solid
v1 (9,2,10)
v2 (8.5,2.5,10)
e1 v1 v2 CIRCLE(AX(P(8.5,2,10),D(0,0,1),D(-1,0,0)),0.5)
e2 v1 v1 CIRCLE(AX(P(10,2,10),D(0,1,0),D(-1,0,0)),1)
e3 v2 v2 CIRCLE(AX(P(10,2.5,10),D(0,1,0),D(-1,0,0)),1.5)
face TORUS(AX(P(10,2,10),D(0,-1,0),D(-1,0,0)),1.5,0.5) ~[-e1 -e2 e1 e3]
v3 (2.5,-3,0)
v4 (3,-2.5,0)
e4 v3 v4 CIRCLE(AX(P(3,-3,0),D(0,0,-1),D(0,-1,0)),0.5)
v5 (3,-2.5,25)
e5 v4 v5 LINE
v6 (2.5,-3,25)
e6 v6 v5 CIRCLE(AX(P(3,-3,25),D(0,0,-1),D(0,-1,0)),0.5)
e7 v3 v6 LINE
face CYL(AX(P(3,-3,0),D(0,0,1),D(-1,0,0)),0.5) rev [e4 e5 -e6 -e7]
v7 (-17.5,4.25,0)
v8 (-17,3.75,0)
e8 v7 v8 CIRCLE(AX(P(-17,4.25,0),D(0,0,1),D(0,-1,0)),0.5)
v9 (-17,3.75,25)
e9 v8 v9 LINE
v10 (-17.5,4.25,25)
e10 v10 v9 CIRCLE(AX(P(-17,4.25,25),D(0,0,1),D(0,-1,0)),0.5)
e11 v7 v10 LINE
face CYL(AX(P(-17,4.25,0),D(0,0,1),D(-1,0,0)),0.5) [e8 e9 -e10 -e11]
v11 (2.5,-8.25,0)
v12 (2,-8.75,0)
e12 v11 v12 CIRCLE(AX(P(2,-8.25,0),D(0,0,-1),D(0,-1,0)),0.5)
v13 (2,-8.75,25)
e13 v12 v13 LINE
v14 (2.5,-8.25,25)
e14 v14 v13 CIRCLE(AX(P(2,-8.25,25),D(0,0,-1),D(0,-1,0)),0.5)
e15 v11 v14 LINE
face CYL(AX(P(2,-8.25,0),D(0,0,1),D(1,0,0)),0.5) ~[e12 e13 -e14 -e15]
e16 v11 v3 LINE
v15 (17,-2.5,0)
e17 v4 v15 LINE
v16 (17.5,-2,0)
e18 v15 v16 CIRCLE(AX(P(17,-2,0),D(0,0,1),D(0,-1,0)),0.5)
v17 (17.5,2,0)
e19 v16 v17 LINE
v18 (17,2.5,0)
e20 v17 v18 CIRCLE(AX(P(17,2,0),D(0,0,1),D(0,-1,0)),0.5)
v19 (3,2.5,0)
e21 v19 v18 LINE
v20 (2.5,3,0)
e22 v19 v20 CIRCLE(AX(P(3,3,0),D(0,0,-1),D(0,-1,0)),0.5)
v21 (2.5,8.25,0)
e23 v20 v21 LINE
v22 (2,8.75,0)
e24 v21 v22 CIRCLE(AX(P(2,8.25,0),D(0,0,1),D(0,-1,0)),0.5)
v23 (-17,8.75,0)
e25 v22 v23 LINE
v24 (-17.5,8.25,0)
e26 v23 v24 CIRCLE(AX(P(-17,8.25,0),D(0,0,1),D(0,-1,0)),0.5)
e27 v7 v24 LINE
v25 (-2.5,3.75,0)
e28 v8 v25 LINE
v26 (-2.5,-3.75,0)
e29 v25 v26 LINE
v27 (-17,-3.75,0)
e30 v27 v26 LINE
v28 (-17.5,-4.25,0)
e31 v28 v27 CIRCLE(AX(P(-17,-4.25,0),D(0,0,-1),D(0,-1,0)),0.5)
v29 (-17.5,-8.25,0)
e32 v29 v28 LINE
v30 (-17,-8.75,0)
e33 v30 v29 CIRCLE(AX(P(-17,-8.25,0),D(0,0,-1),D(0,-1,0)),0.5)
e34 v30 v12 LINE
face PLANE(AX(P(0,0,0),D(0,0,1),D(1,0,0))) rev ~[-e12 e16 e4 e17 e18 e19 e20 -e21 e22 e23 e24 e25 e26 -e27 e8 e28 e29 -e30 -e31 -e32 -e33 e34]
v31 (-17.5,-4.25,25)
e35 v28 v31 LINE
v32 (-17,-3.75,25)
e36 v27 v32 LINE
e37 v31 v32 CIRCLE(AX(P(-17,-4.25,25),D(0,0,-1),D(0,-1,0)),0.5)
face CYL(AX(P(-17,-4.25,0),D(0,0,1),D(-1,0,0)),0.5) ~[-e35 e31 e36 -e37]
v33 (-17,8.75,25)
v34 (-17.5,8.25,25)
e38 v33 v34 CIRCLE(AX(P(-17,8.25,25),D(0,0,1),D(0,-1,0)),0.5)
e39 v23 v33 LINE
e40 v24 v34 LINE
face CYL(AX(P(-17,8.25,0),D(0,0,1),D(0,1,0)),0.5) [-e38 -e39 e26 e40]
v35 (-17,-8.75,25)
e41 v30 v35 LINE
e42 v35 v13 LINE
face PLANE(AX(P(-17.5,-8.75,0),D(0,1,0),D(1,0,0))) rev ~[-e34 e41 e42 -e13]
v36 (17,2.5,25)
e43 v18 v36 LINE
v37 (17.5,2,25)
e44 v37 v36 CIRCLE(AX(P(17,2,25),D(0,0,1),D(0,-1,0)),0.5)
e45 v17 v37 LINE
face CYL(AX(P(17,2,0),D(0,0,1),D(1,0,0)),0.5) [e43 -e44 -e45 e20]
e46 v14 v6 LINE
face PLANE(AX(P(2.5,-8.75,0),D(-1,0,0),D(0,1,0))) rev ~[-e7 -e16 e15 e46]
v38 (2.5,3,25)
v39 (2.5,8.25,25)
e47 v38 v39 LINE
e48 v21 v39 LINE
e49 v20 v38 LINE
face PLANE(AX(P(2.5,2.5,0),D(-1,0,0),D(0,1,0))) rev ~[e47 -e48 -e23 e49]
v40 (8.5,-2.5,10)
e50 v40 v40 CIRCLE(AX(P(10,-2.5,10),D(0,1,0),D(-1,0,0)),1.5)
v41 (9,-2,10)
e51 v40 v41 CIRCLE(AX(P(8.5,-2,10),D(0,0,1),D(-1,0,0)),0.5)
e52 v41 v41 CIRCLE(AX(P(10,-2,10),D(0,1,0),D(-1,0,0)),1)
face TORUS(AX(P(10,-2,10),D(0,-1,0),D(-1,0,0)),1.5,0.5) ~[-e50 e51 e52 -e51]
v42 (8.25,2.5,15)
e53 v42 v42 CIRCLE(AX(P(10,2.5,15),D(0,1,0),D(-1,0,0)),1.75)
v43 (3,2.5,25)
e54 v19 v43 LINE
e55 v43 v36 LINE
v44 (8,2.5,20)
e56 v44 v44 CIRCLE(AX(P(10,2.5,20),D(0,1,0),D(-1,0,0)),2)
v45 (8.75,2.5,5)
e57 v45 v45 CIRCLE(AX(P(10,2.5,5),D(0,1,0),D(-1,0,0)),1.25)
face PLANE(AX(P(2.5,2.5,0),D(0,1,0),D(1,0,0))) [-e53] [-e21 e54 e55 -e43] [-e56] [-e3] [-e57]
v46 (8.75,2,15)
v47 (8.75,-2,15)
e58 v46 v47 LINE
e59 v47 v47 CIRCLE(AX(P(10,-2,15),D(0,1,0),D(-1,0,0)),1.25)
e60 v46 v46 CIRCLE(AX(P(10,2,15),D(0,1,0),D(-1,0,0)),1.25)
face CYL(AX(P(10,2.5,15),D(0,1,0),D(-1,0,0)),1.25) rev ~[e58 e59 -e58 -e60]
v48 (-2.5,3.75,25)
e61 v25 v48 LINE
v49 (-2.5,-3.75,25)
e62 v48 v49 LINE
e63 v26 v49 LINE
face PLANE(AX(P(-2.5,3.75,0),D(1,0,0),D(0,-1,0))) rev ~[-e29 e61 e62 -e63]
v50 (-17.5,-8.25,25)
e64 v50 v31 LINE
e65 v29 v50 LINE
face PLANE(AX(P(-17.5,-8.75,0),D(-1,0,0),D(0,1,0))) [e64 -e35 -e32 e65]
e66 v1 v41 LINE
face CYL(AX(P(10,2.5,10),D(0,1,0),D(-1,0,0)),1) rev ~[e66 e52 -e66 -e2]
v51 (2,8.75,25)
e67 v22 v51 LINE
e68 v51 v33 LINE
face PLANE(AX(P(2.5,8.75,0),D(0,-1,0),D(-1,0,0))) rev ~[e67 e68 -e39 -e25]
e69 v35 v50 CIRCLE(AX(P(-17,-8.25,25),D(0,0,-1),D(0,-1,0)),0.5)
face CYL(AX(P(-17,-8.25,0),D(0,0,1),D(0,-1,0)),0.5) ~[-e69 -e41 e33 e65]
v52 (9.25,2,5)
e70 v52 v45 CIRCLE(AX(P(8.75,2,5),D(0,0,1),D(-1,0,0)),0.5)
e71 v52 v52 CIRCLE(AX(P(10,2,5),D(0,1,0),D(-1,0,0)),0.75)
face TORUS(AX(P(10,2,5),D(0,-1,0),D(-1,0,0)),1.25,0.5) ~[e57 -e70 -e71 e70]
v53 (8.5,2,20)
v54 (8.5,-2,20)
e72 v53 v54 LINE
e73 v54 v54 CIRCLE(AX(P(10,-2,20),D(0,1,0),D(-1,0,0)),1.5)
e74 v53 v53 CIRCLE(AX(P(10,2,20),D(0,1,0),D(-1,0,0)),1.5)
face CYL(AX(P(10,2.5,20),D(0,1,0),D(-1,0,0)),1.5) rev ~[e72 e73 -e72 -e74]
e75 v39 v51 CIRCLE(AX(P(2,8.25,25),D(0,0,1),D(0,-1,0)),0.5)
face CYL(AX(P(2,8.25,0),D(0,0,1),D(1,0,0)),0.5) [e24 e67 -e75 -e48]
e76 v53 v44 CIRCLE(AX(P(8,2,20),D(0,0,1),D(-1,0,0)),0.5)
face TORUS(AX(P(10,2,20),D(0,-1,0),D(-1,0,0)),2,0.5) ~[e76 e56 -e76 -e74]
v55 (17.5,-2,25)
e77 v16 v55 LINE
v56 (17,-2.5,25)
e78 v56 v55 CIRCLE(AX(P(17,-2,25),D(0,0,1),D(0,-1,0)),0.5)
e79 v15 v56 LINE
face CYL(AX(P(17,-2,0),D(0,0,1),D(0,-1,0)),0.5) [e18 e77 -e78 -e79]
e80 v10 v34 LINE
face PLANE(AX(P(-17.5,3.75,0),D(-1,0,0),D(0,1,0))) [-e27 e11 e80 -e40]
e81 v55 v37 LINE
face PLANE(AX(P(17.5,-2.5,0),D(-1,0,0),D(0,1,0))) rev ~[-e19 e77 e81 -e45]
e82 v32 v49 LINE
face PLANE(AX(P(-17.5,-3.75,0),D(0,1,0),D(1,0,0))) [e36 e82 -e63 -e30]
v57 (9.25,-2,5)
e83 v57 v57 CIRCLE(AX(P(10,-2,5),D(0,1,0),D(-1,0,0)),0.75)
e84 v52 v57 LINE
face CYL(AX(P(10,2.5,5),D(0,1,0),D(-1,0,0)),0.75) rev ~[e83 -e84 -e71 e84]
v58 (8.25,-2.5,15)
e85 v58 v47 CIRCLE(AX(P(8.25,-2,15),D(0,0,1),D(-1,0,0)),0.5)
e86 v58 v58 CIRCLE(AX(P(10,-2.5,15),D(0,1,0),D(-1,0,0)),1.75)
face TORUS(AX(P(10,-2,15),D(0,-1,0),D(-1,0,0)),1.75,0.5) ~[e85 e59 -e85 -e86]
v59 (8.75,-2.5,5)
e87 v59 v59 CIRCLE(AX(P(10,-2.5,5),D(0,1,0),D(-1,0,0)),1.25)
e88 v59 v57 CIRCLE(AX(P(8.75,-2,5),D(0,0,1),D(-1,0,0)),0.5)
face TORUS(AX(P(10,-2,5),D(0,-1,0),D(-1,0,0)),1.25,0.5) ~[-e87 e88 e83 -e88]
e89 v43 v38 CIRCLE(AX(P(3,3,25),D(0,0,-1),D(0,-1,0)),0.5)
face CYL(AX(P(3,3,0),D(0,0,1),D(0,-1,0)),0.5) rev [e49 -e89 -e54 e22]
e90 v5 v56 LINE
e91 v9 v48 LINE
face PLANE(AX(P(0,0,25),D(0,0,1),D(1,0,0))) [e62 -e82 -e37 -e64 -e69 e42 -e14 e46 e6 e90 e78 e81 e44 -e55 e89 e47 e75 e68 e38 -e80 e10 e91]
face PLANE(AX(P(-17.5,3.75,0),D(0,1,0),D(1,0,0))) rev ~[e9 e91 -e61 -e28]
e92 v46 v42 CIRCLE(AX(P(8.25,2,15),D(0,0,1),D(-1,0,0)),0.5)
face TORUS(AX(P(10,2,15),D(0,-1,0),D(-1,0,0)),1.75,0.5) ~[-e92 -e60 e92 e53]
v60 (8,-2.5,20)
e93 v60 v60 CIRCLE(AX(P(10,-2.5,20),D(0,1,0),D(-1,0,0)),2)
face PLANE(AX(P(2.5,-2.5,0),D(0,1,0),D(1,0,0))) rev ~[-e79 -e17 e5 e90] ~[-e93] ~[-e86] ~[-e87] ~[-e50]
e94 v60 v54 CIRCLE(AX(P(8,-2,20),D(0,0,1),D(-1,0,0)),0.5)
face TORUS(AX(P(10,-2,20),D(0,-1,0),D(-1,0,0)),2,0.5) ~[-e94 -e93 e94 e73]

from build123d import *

# Parameters (mm, degrees)
F0_W     = 15
F0_H     = 5
F1_DEPTH = 25
F2_R     = 1.5
F2_R_2   = 1.25
F2_R_3   = 1
F2_R_4   = 0.75
F3_DEPTH = 25
F4_R     = 0.5


with BuildPart() as f1:
    # F0 (on Top) → F1 (new body)
    with BuildSketch(Plane.XY):
        Polygon((-2.5, -8.75), (2.5, -8.75), (2.5, -2.5), (2.5, 2.5), (2.5, 8.75), (-2.5, 8.75), (-2.5, 3.75), (-2.5, -3.75), align=None)
        with Locations((-10, -6.25)):
            Rectangle(F0_W, F0_H)
        with Locations((10, 0)):
            Rectangle(F0_W, F0_H)
        with Locations((-10, 6.25)):
            Rectangle(F0_W, F0_H)
    extrude(amount=F1_DEPTH)

    # F2 (on face) → F3 (cut)
    with BuildSketch(Plane(origin=(0, 2.5, 0), x_dir=(-1, 0, 0), z_dir=(0, 1, 0))):
        with Locations((-10, 20)):
            Circle(F2_R)
        with Locations((-10, 15)):
            Circle(F2_R_2)
        with Locations((-10, 10)):
            Circle(F2_R_3)
        with Locations((-10, 5)):
            Circle(F2_R_4)
    extrude(amount=-F3_DEPTH, mode=Mode.SUBTRACT)

    # F4
    f4_edges = [f1.edges().sort_by_distance(p)[0] for p in [
        (2.5, 8.75, 12.5),
        (2.5, -8.75, 12.5),
        (17.5, 2.5, 12.5),
        (17.5, -2.5, 12.5),
        (-17.5, 8.75, 12.5),
        (-17.5, -8.75, 12.5),
        (-17.5, -3.75, 12.5),
        (-17.5, 3.75, 12.5),
        (11.25, 2.5, 15),
        (8.75, 0, 15),
        (11.25, -2.5, 15),
        (11, 2.5, 10),
        (9, 0, 10),
        (11, -2.5, 10),
        (10.75, 2.5, 5),
        (9.25, 0, 5),
        (10.75, -2.5, 5),
        (11.5, 2.5, 20),
        (8.5, 0, 20),
        (11.5, -2.5, 20),
        (2.5, 2.5, 12.5),
        (2.5, -2.5, 12.5),
    ]]
    fillet(f4_edges, radius=F4_R)


solid = f1.part
